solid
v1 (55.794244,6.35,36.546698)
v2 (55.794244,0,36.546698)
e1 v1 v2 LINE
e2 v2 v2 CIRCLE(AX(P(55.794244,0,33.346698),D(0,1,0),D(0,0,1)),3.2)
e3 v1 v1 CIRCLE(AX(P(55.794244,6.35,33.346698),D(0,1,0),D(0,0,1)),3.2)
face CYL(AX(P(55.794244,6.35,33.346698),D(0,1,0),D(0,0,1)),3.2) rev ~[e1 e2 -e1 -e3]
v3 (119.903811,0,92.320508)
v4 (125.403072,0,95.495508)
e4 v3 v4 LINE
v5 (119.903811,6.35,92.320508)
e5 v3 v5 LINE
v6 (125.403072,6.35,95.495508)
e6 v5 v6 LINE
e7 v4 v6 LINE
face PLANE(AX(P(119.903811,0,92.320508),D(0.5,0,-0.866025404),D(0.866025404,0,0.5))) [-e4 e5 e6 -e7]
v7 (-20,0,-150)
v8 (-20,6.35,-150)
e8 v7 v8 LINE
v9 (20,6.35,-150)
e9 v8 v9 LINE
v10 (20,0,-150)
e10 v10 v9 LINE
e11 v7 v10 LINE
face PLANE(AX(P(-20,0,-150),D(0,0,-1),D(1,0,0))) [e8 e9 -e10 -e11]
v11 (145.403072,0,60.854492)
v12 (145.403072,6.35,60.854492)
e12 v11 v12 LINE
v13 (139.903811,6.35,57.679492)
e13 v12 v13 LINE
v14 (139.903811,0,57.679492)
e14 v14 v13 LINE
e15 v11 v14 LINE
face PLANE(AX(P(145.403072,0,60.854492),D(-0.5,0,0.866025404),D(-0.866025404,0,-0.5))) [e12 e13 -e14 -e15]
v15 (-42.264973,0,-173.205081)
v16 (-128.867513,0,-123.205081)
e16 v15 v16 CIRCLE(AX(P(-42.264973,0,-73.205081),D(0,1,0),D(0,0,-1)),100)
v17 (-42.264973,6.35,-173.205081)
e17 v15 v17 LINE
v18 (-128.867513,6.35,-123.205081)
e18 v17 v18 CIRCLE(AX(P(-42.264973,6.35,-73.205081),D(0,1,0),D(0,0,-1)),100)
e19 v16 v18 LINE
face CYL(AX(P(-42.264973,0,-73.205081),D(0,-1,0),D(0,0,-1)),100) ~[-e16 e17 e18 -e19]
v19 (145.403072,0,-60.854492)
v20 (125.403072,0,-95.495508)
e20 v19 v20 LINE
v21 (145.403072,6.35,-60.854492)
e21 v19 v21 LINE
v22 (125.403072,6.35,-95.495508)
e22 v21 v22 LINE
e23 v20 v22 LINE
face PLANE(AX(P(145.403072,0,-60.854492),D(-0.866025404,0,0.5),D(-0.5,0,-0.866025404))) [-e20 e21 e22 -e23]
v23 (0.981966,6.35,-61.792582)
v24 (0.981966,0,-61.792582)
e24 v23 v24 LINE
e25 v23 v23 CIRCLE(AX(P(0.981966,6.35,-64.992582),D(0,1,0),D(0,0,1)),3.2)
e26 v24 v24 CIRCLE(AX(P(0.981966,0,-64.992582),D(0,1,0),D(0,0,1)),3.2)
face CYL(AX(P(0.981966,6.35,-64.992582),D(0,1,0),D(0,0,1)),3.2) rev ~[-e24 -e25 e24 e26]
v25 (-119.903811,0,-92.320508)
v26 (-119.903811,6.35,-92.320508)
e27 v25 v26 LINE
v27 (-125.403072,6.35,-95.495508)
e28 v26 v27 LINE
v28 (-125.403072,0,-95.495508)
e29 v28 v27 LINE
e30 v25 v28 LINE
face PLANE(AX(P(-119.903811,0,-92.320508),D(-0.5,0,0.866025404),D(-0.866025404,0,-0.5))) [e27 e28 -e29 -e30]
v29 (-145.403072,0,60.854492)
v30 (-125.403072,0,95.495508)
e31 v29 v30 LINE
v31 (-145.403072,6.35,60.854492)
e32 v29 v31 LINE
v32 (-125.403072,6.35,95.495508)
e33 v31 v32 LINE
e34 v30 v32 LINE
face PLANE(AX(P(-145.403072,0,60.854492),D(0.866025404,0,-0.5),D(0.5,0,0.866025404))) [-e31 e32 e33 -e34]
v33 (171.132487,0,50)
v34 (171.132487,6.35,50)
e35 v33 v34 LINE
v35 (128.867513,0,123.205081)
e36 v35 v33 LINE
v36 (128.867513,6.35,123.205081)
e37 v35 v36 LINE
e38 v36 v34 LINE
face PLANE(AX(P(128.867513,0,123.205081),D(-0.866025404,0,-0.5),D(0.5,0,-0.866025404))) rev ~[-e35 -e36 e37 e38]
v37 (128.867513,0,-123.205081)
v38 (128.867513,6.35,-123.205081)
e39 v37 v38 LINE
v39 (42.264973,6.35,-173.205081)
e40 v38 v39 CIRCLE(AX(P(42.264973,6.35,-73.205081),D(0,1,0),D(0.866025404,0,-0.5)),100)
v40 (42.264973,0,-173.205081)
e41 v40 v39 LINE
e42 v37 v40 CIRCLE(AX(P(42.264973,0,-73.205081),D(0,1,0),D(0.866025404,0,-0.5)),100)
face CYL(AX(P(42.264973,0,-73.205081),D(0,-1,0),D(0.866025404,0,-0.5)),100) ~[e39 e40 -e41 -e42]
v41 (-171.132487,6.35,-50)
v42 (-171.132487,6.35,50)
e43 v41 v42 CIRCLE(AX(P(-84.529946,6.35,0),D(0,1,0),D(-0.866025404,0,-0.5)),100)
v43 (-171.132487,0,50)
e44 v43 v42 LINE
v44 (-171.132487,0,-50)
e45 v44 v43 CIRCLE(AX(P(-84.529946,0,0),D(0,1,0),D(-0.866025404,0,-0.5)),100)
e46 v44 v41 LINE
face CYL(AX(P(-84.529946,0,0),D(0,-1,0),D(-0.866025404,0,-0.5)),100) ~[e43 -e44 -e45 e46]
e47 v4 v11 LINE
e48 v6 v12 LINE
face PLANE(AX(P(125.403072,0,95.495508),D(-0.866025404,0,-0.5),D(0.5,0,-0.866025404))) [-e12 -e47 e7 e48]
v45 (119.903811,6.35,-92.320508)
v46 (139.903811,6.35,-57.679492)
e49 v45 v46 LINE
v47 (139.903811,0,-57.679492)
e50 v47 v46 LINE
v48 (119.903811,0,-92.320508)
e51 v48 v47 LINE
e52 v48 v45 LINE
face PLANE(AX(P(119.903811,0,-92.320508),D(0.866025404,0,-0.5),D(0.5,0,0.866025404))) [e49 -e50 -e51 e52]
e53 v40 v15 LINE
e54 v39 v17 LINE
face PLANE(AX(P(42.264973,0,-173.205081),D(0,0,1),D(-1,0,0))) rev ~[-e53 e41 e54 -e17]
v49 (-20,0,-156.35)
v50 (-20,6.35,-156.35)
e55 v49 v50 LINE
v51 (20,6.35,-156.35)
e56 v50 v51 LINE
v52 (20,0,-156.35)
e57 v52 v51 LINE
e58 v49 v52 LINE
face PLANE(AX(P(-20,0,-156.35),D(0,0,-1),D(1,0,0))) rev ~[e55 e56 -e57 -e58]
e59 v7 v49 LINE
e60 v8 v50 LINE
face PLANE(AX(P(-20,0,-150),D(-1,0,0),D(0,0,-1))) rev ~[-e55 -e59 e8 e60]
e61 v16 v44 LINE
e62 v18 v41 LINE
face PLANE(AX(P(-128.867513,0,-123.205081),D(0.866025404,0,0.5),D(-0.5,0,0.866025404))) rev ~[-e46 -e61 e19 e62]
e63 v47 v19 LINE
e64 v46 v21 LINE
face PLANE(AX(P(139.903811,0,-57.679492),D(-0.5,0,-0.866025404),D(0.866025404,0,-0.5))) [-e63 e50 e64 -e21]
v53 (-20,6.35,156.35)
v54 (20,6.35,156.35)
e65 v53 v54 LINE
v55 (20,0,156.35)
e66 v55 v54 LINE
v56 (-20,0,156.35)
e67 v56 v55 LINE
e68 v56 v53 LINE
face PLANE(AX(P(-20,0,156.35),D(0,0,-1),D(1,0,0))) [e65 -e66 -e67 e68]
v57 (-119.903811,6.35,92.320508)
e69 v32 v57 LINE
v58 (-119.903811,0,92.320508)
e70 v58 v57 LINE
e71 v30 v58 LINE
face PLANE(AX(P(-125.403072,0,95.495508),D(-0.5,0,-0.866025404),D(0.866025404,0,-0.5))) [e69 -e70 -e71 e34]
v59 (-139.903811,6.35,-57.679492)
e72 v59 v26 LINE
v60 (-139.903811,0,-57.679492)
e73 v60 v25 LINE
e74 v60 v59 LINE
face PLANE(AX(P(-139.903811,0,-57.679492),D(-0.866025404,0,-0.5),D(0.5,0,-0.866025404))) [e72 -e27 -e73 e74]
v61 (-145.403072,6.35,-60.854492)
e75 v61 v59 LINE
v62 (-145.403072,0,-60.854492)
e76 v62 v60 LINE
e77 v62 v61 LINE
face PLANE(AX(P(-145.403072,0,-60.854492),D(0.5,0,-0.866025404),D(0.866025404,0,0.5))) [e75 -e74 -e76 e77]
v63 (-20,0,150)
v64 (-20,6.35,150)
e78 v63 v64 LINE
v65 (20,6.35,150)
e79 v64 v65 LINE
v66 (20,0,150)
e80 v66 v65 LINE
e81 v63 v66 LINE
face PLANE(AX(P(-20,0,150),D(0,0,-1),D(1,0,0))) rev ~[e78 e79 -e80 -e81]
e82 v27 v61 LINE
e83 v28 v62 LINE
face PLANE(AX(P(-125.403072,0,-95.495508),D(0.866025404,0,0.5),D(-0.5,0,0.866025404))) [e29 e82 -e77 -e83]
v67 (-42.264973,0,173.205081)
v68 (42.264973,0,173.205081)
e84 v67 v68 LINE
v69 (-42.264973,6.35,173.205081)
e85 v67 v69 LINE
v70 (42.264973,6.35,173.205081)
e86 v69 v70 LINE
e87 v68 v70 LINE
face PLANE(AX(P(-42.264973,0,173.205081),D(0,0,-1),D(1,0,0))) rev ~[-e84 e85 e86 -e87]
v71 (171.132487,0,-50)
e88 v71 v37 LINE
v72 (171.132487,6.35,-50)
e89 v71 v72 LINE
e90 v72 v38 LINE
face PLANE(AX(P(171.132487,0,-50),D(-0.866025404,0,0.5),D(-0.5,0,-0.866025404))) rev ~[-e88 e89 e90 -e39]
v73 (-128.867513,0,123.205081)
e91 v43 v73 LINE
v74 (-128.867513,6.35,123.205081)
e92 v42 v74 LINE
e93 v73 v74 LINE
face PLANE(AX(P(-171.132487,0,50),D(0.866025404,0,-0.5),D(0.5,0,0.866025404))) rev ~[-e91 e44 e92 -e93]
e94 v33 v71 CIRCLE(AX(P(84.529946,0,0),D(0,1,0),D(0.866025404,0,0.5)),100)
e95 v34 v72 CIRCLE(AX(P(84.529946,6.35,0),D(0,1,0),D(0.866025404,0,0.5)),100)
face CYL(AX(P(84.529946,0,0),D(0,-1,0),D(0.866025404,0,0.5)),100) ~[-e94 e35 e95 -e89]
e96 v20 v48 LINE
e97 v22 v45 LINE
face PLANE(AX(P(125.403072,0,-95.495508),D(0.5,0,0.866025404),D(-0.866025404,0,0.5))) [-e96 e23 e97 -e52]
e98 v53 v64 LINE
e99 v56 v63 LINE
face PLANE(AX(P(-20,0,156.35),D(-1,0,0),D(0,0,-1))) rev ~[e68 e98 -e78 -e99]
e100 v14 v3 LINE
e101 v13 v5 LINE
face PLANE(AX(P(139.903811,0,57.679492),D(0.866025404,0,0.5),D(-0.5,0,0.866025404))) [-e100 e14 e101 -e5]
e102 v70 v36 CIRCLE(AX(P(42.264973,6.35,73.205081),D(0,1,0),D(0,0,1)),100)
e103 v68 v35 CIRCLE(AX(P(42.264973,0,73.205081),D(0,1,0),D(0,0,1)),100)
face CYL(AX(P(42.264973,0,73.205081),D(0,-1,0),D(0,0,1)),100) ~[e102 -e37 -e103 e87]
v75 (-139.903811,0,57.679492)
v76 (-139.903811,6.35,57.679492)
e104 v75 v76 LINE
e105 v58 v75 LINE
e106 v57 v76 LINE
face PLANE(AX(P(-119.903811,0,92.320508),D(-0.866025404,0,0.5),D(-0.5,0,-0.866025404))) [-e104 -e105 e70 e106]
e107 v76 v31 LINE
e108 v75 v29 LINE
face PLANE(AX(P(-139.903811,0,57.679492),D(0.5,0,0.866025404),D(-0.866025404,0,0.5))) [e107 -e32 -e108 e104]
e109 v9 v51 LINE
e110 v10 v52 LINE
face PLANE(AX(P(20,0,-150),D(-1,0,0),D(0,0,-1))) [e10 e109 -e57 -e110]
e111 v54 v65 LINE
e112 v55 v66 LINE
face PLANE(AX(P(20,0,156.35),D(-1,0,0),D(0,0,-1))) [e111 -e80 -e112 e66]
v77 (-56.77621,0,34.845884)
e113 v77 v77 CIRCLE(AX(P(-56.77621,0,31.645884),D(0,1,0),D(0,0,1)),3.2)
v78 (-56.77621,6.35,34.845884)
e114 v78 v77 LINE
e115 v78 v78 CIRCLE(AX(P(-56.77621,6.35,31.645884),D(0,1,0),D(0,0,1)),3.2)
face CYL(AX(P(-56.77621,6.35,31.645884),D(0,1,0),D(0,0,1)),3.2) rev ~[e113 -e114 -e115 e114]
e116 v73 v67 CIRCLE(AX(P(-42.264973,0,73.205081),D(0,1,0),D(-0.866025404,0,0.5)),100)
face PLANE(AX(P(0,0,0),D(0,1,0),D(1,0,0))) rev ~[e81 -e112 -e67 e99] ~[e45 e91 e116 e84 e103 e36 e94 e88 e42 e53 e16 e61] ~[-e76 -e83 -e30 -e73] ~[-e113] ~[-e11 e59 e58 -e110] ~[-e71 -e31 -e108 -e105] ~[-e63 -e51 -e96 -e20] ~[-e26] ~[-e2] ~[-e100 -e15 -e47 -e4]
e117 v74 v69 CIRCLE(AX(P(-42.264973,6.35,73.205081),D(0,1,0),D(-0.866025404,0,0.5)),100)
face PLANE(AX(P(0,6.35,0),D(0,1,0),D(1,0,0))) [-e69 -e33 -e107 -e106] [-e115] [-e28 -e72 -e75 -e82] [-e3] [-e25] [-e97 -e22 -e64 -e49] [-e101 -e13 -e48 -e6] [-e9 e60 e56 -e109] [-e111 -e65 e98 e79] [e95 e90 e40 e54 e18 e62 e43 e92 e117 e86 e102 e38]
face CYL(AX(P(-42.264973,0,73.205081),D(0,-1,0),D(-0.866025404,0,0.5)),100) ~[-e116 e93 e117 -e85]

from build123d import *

# Parameters (mm, degrees)
SKETCH1_W           = 40
SKETCH1_H           = 6.35
BOSS_EXTRUDE1_DEPTH = 6.35
SKETCH2_R           = 3.2
CUT_EXTRUDE1_DEPTH  = 6.35


with BuildPart() as part:
    # Sketch1 → Boss-Extrude1 (new body)
    with BuildSketch(Plane(origin=(0, 0, 0), x_dir=(1, 0, 0), z_dir=(0, 1, 0))):
        with BuildLine():
            Line((171.132486541, 50), (128.867513459, 123.205080757))
            ThreePointArc((128.867513459, 123.205080757), (92.264973081, 159.807621135), (42.264973081, 173.205080757))
            Line((42.264973081, 173.205080757), (-42.264973081, 173.205080757))
            ThreePointArc((-42.264973081, 173.205080757), (-92.264973081, 159.807621135), (-128.867513459, 123.205080757))
            Line((-128.867513459, 123.205080757), (-171.132486541, 50))
            ThreePointArc((-171.132486541, 50), (-184.529946162, 0), (-171.132486541, -50))
            Line((-171.132486541, -50), (-128.867513459, -123.205080757))
            ThreePointArc((-128.867513459, -123.205080757), (-92.264973081, -159.807621135), (-42.264973081, -173.205080757))
            Line((-42.264973081, -173.205080757), (42.264973081, -173.205080757))
            ThreePointArc((42.264973081, -173.205080757), (92.264973081, -159.807621135), (128.867513459, -123.205080757))
            Line((128.867513459, -123.205080757), (171.132486541, -50))
            ThreePointArc((171.132486541, -50), (184.529946162, 0), (171.132486541, 50))
        make_face()
        with Locations((0, -153.175)):
            Rectangle(SKETCH1_W, SKETCH1_H, mode=Mode.SUBTRACT)
        Polygon((-139.903810568, -57.679491924), (-145.403071882, -60.854491924), (-125.403071882, -95.495508076), (-119.903810568, -92.320508076), align=None, mode=Mode.SUBTRACT)
        Polygon((-119.903810568, 92.320508076), (-125.403071882, 95.495508076), (-145.403071882, 60.854491924), (-139.903810568, 57.679491924), align=None, mode=Mode.SUBTRACT)
        with Locations((0, 153.175)):
            Rectangle(SKETCH1_W, SKETCH1_H, mode=Mode.SUBTRACT)
        Polygon((139.903810568, 57.679491924), (145.403071882, 60.854491924), (125.403071882, 95.495508076), (119.903810568, 92.320508076), align=None, mode=Mode.SUBTRACT)
        Polygon((119.903810568, -92.320508076), (125.403071882, -95.495508076), (145.403071882, -60.854491924), (139.903810568, -57.679491924), align=None, mode=Mode.SUBTRACT)
    extrude(amount=BOSS_EXTRUDE1_DEPTH)

    # Sketch2 → Cut-Extrude1 (cut)
    with BuildSketch(Plane(origin=(0, 6.35, 0), x_dir=(1, 0, 0), z_dir=(0, 1, 0))):
        with Locations(Location((55.794244464, -33.346698257, 0), (0, 0, 270))):
            Circle(SKETCH2_R)
        with Locations(Location((-56.776210055, -31.645883963, 0), (0, 0, 270))):
            Circle(SKETCH2_R)
        with Locations(Location((0.981965591, 64.99258222, 0), (0, 0, 270))):
            Circle(SKETCH2_R)
    extrude(amount=-CUT_EXTRUDE1_DEPTH, mode=Mode.SUBTRACT)


solid = part.part
